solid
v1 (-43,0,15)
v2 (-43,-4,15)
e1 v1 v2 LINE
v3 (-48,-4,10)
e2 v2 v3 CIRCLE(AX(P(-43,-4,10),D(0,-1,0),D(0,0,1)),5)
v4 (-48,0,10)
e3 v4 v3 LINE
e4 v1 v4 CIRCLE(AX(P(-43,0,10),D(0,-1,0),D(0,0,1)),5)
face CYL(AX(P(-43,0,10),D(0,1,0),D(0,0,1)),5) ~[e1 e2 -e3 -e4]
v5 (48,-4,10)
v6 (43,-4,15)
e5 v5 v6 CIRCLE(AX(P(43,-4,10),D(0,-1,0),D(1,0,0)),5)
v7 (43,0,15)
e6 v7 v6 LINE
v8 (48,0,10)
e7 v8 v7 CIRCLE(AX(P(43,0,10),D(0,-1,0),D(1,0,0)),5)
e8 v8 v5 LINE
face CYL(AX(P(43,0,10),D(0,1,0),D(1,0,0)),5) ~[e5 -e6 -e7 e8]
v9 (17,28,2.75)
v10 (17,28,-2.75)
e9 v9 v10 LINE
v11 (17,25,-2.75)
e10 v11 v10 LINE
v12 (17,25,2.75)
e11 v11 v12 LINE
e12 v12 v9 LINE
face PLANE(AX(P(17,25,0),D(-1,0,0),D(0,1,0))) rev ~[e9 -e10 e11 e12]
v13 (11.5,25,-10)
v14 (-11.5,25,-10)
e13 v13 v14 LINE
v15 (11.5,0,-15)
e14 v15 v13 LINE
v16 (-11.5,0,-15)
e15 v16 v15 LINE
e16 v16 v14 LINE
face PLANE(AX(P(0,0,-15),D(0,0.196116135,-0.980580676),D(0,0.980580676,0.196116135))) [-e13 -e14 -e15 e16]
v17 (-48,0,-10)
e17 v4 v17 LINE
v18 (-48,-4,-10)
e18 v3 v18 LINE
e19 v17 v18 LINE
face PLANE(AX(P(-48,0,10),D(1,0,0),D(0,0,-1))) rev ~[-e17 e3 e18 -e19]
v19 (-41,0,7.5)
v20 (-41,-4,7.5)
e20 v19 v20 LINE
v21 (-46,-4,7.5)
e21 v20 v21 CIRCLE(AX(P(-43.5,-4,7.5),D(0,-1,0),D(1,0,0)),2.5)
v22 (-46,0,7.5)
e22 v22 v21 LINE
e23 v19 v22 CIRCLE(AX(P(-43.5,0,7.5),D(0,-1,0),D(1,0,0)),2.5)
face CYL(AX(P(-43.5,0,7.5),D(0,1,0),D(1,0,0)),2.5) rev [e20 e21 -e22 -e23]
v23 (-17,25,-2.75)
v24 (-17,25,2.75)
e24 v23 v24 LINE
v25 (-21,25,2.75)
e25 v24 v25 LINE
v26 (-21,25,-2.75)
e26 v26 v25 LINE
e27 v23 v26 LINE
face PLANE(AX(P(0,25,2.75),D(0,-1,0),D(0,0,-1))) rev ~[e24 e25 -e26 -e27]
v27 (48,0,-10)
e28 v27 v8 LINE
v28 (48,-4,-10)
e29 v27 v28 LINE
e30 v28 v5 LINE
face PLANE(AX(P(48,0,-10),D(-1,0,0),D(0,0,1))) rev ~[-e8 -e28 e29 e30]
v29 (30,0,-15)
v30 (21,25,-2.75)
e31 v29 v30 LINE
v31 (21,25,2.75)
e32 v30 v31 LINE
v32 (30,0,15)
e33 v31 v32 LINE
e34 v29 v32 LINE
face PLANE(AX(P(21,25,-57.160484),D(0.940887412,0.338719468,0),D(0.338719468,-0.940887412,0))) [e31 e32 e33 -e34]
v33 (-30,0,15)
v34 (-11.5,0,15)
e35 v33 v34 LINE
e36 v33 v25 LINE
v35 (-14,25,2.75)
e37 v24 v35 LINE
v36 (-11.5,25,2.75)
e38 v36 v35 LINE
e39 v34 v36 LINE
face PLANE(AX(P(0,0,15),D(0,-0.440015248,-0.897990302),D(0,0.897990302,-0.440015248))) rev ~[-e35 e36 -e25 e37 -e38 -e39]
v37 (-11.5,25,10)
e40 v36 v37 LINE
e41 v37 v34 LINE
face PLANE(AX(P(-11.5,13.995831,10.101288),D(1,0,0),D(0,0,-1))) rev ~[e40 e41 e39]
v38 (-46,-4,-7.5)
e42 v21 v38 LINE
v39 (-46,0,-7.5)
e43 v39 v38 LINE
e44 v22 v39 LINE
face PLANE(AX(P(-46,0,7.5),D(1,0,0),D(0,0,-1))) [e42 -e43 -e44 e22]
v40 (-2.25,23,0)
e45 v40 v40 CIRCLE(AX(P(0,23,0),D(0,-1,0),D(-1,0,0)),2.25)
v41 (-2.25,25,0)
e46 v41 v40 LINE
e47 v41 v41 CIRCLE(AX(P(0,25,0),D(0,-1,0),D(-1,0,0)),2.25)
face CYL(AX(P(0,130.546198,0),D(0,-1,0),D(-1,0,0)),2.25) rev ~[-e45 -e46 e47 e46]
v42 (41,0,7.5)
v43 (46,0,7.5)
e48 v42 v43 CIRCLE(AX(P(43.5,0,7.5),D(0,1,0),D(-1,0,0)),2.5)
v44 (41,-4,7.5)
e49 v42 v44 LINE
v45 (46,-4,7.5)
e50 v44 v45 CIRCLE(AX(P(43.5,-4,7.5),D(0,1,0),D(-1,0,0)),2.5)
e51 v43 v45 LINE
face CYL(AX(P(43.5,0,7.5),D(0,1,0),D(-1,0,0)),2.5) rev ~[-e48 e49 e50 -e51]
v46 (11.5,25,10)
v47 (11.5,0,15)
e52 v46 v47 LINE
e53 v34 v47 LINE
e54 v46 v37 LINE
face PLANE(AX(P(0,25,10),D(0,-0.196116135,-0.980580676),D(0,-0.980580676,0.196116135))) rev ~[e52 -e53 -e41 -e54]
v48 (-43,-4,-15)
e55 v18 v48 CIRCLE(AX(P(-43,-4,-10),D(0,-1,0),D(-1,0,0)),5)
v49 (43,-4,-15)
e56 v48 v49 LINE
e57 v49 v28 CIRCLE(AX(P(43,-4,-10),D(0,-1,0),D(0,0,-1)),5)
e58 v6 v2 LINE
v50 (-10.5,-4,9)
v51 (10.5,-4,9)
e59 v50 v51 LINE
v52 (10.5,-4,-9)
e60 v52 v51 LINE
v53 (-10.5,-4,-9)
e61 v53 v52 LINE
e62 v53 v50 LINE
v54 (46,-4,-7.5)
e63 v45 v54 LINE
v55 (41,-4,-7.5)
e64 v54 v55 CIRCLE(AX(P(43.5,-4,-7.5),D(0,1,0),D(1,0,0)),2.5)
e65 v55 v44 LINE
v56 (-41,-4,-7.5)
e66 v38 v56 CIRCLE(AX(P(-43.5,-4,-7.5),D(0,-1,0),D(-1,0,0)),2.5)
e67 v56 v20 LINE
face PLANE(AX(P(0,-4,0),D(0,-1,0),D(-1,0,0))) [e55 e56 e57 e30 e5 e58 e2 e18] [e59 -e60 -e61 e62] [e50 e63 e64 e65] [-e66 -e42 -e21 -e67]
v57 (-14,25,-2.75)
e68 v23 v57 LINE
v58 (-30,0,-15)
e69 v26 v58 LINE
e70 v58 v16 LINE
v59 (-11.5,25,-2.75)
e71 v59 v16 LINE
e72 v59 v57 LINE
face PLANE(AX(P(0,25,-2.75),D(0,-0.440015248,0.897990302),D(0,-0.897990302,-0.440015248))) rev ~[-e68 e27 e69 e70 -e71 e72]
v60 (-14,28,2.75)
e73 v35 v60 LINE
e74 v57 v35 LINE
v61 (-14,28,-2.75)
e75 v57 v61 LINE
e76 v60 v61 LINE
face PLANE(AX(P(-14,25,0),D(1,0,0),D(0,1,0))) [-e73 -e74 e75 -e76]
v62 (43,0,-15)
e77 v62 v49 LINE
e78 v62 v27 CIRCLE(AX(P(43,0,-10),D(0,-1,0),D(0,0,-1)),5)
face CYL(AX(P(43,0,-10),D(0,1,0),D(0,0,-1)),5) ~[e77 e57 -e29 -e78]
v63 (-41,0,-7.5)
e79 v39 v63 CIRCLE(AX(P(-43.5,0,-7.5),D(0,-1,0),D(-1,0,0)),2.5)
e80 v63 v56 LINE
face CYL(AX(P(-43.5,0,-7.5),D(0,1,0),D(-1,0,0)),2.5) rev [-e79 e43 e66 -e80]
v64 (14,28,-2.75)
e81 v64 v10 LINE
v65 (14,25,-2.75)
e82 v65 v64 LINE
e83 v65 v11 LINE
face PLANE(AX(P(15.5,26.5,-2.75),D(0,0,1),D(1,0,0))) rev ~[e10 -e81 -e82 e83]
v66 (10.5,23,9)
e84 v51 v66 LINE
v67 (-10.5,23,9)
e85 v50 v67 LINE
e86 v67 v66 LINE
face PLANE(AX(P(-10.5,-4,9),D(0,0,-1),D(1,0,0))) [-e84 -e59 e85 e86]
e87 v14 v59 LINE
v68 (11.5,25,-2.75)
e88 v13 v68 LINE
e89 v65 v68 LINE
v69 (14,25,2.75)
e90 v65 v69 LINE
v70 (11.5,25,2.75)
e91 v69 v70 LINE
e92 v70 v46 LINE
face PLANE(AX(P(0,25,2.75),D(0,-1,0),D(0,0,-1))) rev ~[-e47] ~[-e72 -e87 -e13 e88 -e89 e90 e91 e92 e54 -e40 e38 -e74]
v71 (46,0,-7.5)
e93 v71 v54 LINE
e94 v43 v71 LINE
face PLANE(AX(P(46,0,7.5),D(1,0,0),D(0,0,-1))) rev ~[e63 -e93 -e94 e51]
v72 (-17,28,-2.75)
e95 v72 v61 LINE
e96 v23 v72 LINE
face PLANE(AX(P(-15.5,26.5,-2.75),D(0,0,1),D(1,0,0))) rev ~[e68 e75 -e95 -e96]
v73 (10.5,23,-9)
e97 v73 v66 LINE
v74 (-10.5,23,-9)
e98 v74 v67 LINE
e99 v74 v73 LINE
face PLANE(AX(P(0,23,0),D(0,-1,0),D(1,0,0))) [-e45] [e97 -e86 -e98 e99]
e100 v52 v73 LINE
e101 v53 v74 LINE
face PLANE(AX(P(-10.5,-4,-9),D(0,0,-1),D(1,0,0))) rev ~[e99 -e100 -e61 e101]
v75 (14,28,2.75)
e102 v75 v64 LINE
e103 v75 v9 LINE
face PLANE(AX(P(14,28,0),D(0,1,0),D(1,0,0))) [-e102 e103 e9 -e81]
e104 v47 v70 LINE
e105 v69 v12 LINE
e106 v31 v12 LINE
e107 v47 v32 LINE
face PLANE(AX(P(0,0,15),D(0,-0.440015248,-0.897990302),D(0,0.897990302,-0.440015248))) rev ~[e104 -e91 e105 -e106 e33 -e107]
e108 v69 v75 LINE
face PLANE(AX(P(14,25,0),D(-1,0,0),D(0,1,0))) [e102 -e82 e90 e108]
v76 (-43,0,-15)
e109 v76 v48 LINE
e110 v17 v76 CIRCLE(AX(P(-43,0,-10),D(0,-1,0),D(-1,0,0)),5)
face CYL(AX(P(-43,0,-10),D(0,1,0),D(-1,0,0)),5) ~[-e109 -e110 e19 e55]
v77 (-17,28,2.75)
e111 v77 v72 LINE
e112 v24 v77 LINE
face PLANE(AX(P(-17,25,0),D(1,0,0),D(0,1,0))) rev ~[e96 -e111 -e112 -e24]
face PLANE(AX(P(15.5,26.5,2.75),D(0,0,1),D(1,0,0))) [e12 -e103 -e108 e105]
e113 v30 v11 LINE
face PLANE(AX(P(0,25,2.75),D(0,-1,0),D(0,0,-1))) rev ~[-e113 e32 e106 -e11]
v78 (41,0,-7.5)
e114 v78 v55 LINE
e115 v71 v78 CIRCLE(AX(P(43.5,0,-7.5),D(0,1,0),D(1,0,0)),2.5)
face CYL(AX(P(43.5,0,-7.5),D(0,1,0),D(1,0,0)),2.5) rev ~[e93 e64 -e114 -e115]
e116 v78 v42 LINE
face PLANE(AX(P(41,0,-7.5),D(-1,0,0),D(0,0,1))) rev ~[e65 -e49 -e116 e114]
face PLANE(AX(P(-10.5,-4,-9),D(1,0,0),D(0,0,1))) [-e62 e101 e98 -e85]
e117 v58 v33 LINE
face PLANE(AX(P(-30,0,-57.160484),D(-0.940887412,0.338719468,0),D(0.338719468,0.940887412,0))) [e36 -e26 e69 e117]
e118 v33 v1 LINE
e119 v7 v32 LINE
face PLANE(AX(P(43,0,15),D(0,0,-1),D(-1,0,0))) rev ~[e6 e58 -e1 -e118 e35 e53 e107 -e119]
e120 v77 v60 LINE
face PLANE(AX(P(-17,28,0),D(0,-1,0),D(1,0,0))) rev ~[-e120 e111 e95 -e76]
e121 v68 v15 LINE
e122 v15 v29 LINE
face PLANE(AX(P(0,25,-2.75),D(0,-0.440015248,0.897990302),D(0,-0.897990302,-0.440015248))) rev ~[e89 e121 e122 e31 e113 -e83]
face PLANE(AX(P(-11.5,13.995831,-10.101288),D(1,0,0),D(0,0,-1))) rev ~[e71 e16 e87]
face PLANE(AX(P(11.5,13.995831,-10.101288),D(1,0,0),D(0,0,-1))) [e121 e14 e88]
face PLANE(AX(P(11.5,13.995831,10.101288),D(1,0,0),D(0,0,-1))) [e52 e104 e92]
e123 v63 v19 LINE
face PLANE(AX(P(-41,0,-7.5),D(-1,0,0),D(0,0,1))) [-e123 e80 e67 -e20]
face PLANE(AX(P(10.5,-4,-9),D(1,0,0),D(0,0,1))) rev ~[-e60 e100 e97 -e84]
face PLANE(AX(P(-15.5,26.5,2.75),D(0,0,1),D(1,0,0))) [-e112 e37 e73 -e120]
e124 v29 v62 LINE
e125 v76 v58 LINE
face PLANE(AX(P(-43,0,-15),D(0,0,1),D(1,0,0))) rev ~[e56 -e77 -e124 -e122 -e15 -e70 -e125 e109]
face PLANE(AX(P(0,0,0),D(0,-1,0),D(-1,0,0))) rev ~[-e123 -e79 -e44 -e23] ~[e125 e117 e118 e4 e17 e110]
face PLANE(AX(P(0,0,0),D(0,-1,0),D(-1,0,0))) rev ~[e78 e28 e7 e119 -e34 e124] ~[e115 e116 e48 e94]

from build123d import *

# Parameters (mm, degrees)
BOSS_EXTRUDE1_DEPTH     = 4
BOSS_EXTRUDE2_DEPTH     = 30
BOSS_EXTRUDE3_DEPTH     = 11.5
CUT_EXTRUDE1_DEPTH      = 57.160484328
CUT_EXTRUDE1_DEPTH_BACK = 57.160484328
SKETCH4_3_W             = 3
SKETCH4_3_H             = 3
BOSS_EXTRUDE4_DEPTH     = 2.75
SKETCH5_W               = 21
SKETCH5_H               = 18
CUT_EXTRUDE3_DEPTH      = 27
M4_CLEARANCE_HOLE1_D    = 4.5


with BuildPart() as part:
    # Sketch2 → Boss-Extrude1 (new body)
    with BuildSketch(Plane(origin=(0, 0, 0), x_dir=(1, 0, 0), z_dir=(0, 1, 0))):
        with BuildLine():
            Line((-43, 15), (43, 15))
            ThreePointArc((43, 15), (46.535533906, 13.535533906), (48, 10))
            Line((48, 10), (48, -10))
            ThreePointArc((48, -10), (46.535533906, -13.535533906), (43, -15))
            Line((43, -15), (-43, -15))
            ThreePointArc((-43, -15), (-46.535533906, -13.535533906), (-48, -10))
            Line((-48, -10), (-48, 10))
            ThreePointArc((-48, 10), (-46.535533906, 13.535533906), (-43, 15))
        make_face()
        with BuildLine():
            Line((-46, -7.5), (-46, 7.5))
            ThreePointArc((-46, 7.5), (-43.5, 10), (-41, 7.5))
            Line((-41, 7.5), (-41, -7.5))
            ThreePointArc((-41, -7.5), (-43.5, -10), (-46, -7.5))
        make_face(mode=Mode.SUBTRACT)
        with BuildLine():
            Line((46, -7.5), (46, 7.5))
            ThreePointArc((46, 7.5), (43.5, 10), (41, 7.5))
            Line((41, 7.5), (41, -7.5))
            ThreePointArc((41, -7.5), (43.5, -10), (46, -7.5))
        make_face(mode=Mode.SUBTRACT)
    extrude(amount=-BOSS_EXTRUDE1_DEPTH)

    # Sketch3 → Boss-Extrude2 (add, symmetric)
    with BuildSketch(Plane(origin=(0, 0, 0), x_dir=(0, 0, -1), z_dir=(1, 0, 0))):
        Polygon((-15, 0), (-2.75, 25), (2.75, 25), (15, 0), align=None)
    extrude(amount=BOSS_EXTRUDE2_DEPTH, both=True)

    # Sketch3<3> → Boss-Extrude3 (add, symmetric)
    with BuildSketch(Plane(origin=(0, 0, 0), x_dir=(0, 0, -1), z_dir=(1, 0, 0))):
        Polygon((-10, 25), (-15, 0), (-2.75, 25), align=None)
        Polygon((2.75, 25), (15, 0), (10, 25), align=None)
    extrude(amount=BOSS_EXTRUDE3_DEPTH, both=True)

    # Sketch4 → Cut-Extrude1 (cut, two sides: drawn at the far end of the back side and taken through both)
    with BuildSketch(Plane.XY.offset(-CUT_EXTRUDE1_DEPTH_BACK)):
        Polygon((21, 25), (30, 0), (30, 25), align=None)
        Polygon((-30, 25), (-30, 0), (-21, 25), align=None)
    extrude(amount=CUT_EXTRUDE1_DEPTH + CUT_EXTRUDE1_DEPTH_BACK, mode=Mode.SUBTRACT)

    # Sketch4<3> → Boss-Extrude4 (add, symmetric)
    with BuildSketch(Plane.XY):
        with Locations((15.5, 26.5)):
            Rectangle(SKETCH4_3_W, SKETCH4_3_H)
        with Locations((-15.5, 26.5)):
            Rectangle(SKETCH4_3_W, SKETCH4_3_H)
    extrude(amount=BOSS_EXTRUDE4_DEPTH, both=True)

    # Sketch5 → Cut-Extrude3 (cut)
    with BuildSketch(Plane.XZ.offset(4)):
        Rectangle(SKETCH5_W, SKETCH5_H)
    extrude(amount=-CUT_EXTRUDE3_DEPTH, mode=Mode.SUBTRACT)

    # M4 Clearance Hole1 (through all)
    with Locations(Plane(origin=(0, 25, 0), x_dir=(1, 0, 0), z_dir=(0, 1, 0))):
        with Locations((0, 0)):
            Hole(M4_CLEARANCE_HOLE1_D / 2)


solid = part.part
